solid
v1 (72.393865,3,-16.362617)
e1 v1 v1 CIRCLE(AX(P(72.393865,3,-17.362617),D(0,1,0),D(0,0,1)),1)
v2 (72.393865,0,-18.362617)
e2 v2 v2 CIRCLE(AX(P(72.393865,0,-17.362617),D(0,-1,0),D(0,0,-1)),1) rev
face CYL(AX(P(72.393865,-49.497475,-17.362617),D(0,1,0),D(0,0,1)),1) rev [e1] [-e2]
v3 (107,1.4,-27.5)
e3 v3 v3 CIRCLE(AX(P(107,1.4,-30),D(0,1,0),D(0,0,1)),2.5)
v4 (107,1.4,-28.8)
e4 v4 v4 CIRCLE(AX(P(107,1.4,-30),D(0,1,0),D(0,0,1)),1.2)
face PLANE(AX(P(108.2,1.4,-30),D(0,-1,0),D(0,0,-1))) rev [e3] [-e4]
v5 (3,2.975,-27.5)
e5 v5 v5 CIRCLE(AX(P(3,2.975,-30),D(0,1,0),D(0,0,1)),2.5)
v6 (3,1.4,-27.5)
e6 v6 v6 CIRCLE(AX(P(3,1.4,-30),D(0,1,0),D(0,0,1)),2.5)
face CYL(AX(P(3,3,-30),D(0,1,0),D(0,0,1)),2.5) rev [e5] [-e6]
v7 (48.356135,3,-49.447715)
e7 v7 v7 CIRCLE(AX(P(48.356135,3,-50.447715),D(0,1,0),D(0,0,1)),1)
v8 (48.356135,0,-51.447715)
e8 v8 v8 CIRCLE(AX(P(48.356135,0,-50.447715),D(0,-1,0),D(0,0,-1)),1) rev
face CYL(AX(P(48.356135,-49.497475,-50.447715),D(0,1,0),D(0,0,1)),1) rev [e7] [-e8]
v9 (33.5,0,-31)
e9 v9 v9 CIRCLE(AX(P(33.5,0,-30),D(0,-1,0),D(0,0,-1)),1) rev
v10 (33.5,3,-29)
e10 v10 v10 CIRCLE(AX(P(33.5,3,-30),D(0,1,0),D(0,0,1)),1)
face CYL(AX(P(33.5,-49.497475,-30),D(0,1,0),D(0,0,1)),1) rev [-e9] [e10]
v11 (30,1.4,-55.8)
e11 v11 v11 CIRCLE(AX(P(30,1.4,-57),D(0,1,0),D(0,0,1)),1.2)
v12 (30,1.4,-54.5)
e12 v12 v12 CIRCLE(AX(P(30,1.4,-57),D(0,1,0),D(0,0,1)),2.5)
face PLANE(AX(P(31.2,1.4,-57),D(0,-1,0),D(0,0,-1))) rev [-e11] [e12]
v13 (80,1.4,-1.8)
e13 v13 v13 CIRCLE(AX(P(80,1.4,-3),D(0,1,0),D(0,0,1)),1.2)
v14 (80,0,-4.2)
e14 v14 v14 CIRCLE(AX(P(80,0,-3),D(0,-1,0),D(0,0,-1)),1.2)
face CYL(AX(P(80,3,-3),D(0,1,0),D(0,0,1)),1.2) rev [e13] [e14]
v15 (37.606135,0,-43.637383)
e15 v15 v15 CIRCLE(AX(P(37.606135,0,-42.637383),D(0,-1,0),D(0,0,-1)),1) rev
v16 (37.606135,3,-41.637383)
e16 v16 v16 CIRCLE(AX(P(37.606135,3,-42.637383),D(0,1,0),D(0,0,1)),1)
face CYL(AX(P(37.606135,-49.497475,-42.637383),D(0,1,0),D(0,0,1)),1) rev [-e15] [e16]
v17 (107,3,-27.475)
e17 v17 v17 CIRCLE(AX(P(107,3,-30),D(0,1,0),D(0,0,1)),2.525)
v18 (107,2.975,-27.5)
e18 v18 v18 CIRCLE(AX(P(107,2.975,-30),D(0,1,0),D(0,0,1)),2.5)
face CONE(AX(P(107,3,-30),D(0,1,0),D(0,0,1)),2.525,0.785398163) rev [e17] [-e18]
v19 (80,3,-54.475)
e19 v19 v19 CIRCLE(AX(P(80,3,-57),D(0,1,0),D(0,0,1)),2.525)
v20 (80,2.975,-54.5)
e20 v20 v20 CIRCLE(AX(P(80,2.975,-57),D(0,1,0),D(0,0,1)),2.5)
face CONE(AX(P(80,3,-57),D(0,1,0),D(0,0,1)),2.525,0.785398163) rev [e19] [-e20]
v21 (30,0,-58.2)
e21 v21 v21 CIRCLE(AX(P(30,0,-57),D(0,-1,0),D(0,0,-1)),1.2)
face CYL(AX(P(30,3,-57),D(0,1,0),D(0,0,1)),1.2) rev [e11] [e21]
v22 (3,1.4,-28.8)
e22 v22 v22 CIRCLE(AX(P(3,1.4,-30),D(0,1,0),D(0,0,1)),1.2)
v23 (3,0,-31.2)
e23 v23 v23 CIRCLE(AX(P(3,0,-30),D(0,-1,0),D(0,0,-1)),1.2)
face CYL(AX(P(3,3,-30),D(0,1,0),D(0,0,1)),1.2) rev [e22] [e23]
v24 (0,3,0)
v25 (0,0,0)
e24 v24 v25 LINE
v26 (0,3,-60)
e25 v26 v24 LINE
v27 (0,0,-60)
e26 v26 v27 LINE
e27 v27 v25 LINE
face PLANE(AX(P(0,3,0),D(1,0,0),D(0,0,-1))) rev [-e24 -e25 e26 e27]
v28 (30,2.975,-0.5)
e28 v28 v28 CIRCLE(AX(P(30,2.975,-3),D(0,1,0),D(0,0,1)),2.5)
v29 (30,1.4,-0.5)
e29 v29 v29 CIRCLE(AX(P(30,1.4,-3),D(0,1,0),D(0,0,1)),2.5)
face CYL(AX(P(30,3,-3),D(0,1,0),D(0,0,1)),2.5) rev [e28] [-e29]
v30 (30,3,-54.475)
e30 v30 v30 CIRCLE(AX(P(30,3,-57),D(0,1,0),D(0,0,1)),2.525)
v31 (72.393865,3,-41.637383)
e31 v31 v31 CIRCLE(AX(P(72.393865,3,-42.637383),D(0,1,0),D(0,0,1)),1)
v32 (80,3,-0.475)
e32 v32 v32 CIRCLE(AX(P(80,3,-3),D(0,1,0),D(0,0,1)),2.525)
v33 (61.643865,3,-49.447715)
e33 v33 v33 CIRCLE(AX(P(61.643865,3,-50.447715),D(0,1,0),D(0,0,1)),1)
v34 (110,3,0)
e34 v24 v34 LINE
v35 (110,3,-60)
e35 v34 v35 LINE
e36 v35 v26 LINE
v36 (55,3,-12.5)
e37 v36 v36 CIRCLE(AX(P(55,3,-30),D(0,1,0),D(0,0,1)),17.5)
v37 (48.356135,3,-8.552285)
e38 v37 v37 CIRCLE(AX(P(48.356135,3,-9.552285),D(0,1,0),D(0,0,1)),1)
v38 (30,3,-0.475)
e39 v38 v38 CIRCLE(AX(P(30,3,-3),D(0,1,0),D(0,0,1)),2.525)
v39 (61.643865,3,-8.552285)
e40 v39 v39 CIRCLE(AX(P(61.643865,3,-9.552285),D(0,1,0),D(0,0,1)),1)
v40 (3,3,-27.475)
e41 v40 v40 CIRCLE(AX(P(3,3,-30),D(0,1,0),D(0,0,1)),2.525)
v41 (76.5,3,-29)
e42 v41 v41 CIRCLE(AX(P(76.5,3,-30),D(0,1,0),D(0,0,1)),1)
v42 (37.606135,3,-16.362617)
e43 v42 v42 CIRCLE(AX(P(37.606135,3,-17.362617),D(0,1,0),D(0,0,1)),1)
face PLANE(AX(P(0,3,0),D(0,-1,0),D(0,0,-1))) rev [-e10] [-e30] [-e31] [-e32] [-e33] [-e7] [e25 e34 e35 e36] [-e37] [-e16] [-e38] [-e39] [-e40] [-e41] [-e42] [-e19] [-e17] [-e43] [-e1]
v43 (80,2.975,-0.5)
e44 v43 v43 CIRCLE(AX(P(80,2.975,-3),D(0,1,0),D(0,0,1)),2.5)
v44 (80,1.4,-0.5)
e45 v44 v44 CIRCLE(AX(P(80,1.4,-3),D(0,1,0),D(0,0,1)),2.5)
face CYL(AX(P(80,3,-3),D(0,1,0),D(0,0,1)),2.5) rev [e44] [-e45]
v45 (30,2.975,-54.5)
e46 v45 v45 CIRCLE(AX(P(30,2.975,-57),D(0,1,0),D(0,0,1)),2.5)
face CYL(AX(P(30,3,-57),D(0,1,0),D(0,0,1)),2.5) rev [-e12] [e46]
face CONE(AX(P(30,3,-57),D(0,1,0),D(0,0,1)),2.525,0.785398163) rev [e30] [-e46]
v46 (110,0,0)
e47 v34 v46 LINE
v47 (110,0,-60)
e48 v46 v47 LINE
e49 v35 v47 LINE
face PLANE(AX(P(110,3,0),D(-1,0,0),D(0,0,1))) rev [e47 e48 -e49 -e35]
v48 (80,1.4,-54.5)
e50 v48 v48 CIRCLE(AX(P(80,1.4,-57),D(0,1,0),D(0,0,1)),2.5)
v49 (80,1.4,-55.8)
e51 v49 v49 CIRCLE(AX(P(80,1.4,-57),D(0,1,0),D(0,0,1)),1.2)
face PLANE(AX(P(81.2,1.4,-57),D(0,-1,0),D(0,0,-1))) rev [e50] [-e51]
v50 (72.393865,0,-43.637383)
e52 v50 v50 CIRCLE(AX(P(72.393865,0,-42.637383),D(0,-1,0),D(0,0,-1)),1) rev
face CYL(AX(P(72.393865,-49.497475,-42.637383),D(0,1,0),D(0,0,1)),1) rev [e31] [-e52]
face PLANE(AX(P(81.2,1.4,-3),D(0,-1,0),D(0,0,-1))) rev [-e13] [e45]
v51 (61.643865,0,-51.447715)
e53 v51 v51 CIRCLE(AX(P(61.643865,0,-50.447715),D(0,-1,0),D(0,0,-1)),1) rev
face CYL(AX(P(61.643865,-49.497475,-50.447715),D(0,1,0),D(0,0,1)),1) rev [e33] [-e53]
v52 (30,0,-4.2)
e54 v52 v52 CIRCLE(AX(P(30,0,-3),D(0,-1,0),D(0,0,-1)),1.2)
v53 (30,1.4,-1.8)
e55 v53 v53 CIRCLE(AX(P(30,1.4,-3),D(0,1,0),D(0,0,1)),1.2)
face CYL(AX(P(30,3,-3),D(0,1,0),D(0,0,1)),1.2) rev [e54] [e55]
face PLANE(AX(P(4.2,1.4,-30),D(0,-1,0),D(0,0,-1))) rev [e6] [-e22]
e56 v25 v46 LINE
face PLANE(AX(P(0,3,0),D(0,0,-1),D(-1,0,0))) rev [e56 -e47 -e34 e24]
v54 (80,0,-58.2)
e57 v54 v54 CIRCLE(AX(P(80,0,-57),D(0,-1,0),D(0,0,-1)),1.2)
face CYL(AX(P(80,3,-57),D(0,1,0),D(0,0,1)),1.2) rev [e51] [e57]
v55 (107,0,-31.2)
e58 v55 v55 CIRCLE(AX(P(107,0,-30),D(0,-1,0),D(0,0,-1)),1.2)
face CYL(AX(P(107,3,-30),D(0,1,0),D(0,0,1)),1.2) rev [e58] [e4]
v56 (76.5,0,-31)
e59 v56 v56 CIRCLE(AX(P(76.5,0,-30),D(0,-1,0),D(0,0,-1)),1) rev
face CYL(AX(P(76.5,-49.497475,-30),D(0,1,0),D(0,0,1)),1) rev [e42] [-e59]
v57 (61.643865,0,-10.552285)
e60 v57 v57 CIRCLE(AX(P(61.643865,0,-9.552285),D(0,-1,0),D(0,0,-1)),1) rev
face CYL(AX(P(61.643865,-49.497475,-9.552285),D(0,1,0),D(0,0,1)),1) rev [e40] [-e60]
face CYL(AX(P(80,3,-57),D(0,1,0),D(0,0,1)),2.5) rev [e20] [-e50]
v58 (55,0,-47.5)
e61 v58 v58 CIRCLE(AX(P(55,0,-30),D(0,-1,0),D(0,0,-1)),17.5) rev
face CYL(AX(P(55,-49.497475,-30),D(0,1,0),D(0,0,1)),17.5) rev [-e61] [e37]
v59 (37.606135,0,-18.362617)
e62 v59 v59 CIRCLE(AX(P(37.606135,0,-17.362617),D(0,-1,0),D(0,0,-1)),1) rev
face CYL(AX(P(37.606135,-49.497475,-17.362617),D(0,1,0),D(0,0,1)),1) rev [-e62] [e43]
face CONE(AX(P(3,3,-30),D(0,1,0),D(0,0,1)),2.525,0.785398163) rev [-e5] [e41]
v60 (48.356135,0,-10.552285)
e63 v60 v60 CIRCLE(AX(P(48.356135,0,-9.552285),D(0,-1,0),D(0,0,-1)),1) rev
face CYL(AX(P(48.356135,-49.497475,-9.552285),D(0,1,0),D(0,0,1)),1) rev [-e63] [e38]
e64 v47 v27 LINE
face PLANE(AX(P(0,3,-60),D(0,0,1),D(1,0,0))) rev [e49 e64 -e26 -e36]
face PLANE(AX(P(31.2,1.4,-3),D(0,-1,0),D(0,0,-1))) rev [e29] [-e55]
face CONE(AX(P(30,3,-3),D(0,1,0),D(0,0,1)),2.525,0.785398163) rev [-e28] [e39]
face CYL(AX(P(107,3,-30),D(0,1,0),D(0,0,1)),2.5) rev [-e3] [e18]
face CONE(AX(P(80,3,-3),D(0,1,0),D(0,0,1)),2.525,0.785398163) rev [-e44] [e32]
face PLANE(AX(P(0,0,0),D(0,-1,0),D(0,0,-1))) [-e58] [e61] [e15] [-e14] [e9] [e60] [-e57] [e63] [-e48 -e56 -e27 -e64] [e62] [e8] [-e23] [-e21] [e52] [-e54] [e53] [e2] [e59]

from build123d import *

# Parameters (mm, degrees)
SKIZZE1_W                                    = 110
SKIZZE1_H                                    = 60
AUFSATZ_LINEAR_AUSTRAGEN1_DEPTH              = 3
F_2_4_2_4_DURCHMESSER_BOHRUNG1_D             = 2.4
F_2_4_2_4_DURCHMESSER_BOHRUNG1_DEPTH         = 10
F_2_4_2_4_DURCHMESSER_BOHRUNG1_CSINK_D       = 2.45
F_2_4_2_4_DURCHMESSER_BOHRUNG1_CSINK_ANGLE   = 90
F_2_4_2_4_DURCHMESSER_BOHRUNG1_TIP           = 0.721032743
STIRNSENKUNG_F_R_M2_FLACHKOPFSCHRAUB_2_COUNT = 2
STIRNSENKUNG_F_R_M2_FLACHKOPFSCHRAUB_2_PITCH = 38.183766184
STIRNSENKUNG_F_R_M2_FLACHKOPFSCHRAUB_3_COUNT = 2
STIRNSENKUNG_F_R_M2_FLACHKOPFSCHRAUB_3_PITCH = 54
STIRNSENKUNG_F_R_M2_FLACHKOPFSCHRAUB_4_COUNT = 2
STIRNSENKUNG_F_R_M2_FLACHKOPFSCHRAUB_4_PITCH = 73.593477972
STIRNSENKUNG_F_R_M2_FLACHKOPFSCHRAUB_5_COUNT = 2
STIRNSENKUNG_F_R_M2_FLACHKOPFSCHRAUB_5_PITCH = 81.596568555
STIRNSENKUNG_F_R_M2_FLACHKOPFSCHRAUB_6_COUNT = 2
STIRNSENKUNG_F_R_M2_FLACHKOPFSCHRAUB_6_PITCH = 50
SKIZZE8_R                                    = 1
SKIZZE8_R_2                                  = 17.5
SCHNITT_LINEAR_AUSTRAGEN1_DEPTH              = 3


with BuildPart() as part:
    # Skizze1 → Aufsatz-Linear austragen1 (new body)
    with BuildSketch(Plane(origin=(0, 0, 0), x_dir=(1, 0, 0), z_dir=(0, 1, 0))):
        with Locations((55, 30)):
            Rectangle(SKIZZE1_W, SKIZZE1_H)
    extrude(amount=AUFSATZ_LINEAR_AUSTRAGEN1_DEPTH)

    # Ø2.4 (2.4) Durchmesser Bohrung1
    with Locations(Plane(origin=(0, 3, 0), x_dir=(1, 0, 0), z_dir=(0, 1, 0))):
        with Locations((30, 57), (80, 57), (107, 30), (80, 3), (30, 3), (3, 30), (133.088689194, 32.803420387)):
            CounterSinkHole(F_2_4_2_4_DURCHMESSER_BOHRUNG1_D / 2, F_2_4_2_4_DURCHMESSER_BOHRUNG1_CSINK_D / 2, depth=F_2_4_2_4_DURCHMESSER_BOHRUNG1_DEPTH, counter_sink_angle=F_2_4_2_4_DURCHMESSER_BOHRUNG1_CSINK_ANGLE)
            with Locations((0, 0, -(F_2_4_2_4_DURCHMESSER_BOHRUNG1_DEPTH + F_2_4_2_4_DURCHMESSER_BOHRUNG1_TIP / 2))):  # 118° drill point
                Cone(0, F_2_4_2_4_DURCHMESSER_BOHRUNG1_D / 2, F_2_4_2_4_DURCHMESSER_BOHRUNG1_TIP, mode=Mode.SUBTRACT)

    # Skizze7 → Stirnsenkung für M2 Flachkopfschraube mit Schlitz1 (revolve, cut)
    with BuildSketch(Plane(origin=(80, 3, -3), x_dir=(0, 0, 1), z_dir=(1, 0, 0))):
        Polygon((0, 0), (0, 2.721032743), (1.2, 2), (1.2, 1.6), (2.5, 1.6), (2.5, 0.025), (2.525, 0), align=None)
    stirnsenkung_f_r_m2_flachkopfschraube_mi = revolve(axis=Axis((80, 9.35, -3), (0, -1, 0)), mode=Mode.SUBTRACT)

    # Stirnsenkung f_r M2 Flachkopfschraub 2: Stirnsenkung für M2 Flachkopfschraube mit Schlitz1 ×2
    with Locations(*[Vector(0.7071067811865476, 0, -0.7071067811865476) * (i * STIRNSENKUNG_F_R_M2_FLACHKOPFSCHRAUB_2_PITCH) for i in range(1, STIRNSENKUNG_F_R_M2_FLACHKOPFSCHRAUB_2_COUNT)]):
        add(stirnsenkung_f_r_m2_flachkopfschraube_mi, mode=Mode.SUBTRACT)

    # Stirnsenkung f_r M2 Flachkopfschraub 3: Stirnsenkung für M2 Flachkopfschraube mit Schlitz1 ×2
    with Locations(*[(0, 0, -i * STIRNSENKUNG_F_R_M2_FLACHKOPFSCHRAUB_3_PITCH) for i in range(1, STIRNSENKUNG_F_R_M2_FLACHKOPFSCHRAUB_3_COUNT)]):
        add(stirnsenkung_f_r_m2_flachkopfschraube_mi, mode=Mode.SUBTRACT)

    # Stirnsenkung f_r M2 Flachkopfschraub 4: Stirnsenkung für M2 Flachkopfschraube mit Schlitz1 ×2
    with Locations(*[Vector(-0.6794080314983051, 0, -0.7337606740181692) * (i * STIRNSENKUNG_F_R_M2_FLACHKOPFSCHRAUB_4_PITCH) for i in range(1, STIRNSENKUNG_F_R_M2_FLACHKOPFSCHRAUB_4_COUNT)]):
        add(stirnsenkung_f_r_m2_flachkopfschraube_mi, mode=Mode.SUBTRACT)

    # Stirnsenkung f_r M2 Flachkopfschraub 5: Stirnsenkung für M2 Flachkopfschraube mit Schlitz1 ×2
    with Locations(*[Vector(-0.9436671340880456, 0, -0.33089626779710685) * (i * STIRNSENKUNG_F_R_M2_FLACHKOPFSCHRAUB_5_PITCH) for i in range(1, STIRNSENKUNG_F_R_M2_FLACHKOPFSCHRAUB_5_COUNT)]):
        add(stirnsenkung_f_r_m2_flachkopfschraube_mi, mode=Mode.SUBTRACT)

    # Stirnsenkung f_r M2 Flachkopfschraub 6: Stirnsenkung für M2 Flachkopfschraube mit Schlitz1 ×2
    with Locations(*[(-i * STIRNSENKUNG_F_R_M2_FLACHKOPFSCHRAUB_6_PITCH, 0, 0) for i in range(1, STIRNSENKUNG_F_R_M2_FLACHKOPFSCHRAUB_6_COUNT)]):
        add(stirnsenkung_f_r_m2_flachkopfschraube_mi, mode=Mode.SUBTRACT)

    # Skizze8 → Schnitt-Linear austragen1 (cut)
    with BuildSketch(Plane(origin=(0, 3, 0), x_dir=(1, 0, 0), z_dir=(0, 1, 0))):
        with Locations(Location((37.606134621, 42.637382924, 0), (0, 0, 270))):
            Circle(SKIZZE8_R)
        with Locations(Location((48.356134621, 50.4477151, 0), (0, 0, 270))):
            Circle(SKIZZE8_R)
        with Locations(Location((61.643865379, 50.4477151, 0), (0, 0, 270))):
            Circle(SKIZZE8_R)
        with Locations(Location((72.393865379, 42.637382924, 0), (0, 0, 270))):
            Circle(SKIZZE8_R)
        with Locations(Location((76.5, 30, 0), (0, 0, 270))):
            Circle(SKIZZE8_R)
        with Locations(Location((72.393865379, 17.362617076, 0), (0, 0, 270))):
            Circle(SKIZZE8_R)
        with Locations(Location((61.643865379, 9.5522849, 0), (0, 0, 270))):
            Circle(SKIZZE8_R)
        with Locations(Location((48.356134621, 9.5522849, 0), (0, 0, 270))):
            Circle(SKIZZE8_R)
        with Locations(Location((37.606134621, 17.362617076, 0), (0, 0, 270))):
            Circle(SKIZZE8_R)
        with Locations(Location((33.5, 30, 0), (0, 0, 270))):
            Circle(SKIZZE8_R)
        with Locations(Location((55, 30, 0), (0, 0, 270))):
            Circle(SKIZZE8_R_2)
    extrude(amount=-SCHNITT_LINEAR_AUSTRAGEN1_DEPTH, mode=Mode.SUBTRACT)


solid = part.part
